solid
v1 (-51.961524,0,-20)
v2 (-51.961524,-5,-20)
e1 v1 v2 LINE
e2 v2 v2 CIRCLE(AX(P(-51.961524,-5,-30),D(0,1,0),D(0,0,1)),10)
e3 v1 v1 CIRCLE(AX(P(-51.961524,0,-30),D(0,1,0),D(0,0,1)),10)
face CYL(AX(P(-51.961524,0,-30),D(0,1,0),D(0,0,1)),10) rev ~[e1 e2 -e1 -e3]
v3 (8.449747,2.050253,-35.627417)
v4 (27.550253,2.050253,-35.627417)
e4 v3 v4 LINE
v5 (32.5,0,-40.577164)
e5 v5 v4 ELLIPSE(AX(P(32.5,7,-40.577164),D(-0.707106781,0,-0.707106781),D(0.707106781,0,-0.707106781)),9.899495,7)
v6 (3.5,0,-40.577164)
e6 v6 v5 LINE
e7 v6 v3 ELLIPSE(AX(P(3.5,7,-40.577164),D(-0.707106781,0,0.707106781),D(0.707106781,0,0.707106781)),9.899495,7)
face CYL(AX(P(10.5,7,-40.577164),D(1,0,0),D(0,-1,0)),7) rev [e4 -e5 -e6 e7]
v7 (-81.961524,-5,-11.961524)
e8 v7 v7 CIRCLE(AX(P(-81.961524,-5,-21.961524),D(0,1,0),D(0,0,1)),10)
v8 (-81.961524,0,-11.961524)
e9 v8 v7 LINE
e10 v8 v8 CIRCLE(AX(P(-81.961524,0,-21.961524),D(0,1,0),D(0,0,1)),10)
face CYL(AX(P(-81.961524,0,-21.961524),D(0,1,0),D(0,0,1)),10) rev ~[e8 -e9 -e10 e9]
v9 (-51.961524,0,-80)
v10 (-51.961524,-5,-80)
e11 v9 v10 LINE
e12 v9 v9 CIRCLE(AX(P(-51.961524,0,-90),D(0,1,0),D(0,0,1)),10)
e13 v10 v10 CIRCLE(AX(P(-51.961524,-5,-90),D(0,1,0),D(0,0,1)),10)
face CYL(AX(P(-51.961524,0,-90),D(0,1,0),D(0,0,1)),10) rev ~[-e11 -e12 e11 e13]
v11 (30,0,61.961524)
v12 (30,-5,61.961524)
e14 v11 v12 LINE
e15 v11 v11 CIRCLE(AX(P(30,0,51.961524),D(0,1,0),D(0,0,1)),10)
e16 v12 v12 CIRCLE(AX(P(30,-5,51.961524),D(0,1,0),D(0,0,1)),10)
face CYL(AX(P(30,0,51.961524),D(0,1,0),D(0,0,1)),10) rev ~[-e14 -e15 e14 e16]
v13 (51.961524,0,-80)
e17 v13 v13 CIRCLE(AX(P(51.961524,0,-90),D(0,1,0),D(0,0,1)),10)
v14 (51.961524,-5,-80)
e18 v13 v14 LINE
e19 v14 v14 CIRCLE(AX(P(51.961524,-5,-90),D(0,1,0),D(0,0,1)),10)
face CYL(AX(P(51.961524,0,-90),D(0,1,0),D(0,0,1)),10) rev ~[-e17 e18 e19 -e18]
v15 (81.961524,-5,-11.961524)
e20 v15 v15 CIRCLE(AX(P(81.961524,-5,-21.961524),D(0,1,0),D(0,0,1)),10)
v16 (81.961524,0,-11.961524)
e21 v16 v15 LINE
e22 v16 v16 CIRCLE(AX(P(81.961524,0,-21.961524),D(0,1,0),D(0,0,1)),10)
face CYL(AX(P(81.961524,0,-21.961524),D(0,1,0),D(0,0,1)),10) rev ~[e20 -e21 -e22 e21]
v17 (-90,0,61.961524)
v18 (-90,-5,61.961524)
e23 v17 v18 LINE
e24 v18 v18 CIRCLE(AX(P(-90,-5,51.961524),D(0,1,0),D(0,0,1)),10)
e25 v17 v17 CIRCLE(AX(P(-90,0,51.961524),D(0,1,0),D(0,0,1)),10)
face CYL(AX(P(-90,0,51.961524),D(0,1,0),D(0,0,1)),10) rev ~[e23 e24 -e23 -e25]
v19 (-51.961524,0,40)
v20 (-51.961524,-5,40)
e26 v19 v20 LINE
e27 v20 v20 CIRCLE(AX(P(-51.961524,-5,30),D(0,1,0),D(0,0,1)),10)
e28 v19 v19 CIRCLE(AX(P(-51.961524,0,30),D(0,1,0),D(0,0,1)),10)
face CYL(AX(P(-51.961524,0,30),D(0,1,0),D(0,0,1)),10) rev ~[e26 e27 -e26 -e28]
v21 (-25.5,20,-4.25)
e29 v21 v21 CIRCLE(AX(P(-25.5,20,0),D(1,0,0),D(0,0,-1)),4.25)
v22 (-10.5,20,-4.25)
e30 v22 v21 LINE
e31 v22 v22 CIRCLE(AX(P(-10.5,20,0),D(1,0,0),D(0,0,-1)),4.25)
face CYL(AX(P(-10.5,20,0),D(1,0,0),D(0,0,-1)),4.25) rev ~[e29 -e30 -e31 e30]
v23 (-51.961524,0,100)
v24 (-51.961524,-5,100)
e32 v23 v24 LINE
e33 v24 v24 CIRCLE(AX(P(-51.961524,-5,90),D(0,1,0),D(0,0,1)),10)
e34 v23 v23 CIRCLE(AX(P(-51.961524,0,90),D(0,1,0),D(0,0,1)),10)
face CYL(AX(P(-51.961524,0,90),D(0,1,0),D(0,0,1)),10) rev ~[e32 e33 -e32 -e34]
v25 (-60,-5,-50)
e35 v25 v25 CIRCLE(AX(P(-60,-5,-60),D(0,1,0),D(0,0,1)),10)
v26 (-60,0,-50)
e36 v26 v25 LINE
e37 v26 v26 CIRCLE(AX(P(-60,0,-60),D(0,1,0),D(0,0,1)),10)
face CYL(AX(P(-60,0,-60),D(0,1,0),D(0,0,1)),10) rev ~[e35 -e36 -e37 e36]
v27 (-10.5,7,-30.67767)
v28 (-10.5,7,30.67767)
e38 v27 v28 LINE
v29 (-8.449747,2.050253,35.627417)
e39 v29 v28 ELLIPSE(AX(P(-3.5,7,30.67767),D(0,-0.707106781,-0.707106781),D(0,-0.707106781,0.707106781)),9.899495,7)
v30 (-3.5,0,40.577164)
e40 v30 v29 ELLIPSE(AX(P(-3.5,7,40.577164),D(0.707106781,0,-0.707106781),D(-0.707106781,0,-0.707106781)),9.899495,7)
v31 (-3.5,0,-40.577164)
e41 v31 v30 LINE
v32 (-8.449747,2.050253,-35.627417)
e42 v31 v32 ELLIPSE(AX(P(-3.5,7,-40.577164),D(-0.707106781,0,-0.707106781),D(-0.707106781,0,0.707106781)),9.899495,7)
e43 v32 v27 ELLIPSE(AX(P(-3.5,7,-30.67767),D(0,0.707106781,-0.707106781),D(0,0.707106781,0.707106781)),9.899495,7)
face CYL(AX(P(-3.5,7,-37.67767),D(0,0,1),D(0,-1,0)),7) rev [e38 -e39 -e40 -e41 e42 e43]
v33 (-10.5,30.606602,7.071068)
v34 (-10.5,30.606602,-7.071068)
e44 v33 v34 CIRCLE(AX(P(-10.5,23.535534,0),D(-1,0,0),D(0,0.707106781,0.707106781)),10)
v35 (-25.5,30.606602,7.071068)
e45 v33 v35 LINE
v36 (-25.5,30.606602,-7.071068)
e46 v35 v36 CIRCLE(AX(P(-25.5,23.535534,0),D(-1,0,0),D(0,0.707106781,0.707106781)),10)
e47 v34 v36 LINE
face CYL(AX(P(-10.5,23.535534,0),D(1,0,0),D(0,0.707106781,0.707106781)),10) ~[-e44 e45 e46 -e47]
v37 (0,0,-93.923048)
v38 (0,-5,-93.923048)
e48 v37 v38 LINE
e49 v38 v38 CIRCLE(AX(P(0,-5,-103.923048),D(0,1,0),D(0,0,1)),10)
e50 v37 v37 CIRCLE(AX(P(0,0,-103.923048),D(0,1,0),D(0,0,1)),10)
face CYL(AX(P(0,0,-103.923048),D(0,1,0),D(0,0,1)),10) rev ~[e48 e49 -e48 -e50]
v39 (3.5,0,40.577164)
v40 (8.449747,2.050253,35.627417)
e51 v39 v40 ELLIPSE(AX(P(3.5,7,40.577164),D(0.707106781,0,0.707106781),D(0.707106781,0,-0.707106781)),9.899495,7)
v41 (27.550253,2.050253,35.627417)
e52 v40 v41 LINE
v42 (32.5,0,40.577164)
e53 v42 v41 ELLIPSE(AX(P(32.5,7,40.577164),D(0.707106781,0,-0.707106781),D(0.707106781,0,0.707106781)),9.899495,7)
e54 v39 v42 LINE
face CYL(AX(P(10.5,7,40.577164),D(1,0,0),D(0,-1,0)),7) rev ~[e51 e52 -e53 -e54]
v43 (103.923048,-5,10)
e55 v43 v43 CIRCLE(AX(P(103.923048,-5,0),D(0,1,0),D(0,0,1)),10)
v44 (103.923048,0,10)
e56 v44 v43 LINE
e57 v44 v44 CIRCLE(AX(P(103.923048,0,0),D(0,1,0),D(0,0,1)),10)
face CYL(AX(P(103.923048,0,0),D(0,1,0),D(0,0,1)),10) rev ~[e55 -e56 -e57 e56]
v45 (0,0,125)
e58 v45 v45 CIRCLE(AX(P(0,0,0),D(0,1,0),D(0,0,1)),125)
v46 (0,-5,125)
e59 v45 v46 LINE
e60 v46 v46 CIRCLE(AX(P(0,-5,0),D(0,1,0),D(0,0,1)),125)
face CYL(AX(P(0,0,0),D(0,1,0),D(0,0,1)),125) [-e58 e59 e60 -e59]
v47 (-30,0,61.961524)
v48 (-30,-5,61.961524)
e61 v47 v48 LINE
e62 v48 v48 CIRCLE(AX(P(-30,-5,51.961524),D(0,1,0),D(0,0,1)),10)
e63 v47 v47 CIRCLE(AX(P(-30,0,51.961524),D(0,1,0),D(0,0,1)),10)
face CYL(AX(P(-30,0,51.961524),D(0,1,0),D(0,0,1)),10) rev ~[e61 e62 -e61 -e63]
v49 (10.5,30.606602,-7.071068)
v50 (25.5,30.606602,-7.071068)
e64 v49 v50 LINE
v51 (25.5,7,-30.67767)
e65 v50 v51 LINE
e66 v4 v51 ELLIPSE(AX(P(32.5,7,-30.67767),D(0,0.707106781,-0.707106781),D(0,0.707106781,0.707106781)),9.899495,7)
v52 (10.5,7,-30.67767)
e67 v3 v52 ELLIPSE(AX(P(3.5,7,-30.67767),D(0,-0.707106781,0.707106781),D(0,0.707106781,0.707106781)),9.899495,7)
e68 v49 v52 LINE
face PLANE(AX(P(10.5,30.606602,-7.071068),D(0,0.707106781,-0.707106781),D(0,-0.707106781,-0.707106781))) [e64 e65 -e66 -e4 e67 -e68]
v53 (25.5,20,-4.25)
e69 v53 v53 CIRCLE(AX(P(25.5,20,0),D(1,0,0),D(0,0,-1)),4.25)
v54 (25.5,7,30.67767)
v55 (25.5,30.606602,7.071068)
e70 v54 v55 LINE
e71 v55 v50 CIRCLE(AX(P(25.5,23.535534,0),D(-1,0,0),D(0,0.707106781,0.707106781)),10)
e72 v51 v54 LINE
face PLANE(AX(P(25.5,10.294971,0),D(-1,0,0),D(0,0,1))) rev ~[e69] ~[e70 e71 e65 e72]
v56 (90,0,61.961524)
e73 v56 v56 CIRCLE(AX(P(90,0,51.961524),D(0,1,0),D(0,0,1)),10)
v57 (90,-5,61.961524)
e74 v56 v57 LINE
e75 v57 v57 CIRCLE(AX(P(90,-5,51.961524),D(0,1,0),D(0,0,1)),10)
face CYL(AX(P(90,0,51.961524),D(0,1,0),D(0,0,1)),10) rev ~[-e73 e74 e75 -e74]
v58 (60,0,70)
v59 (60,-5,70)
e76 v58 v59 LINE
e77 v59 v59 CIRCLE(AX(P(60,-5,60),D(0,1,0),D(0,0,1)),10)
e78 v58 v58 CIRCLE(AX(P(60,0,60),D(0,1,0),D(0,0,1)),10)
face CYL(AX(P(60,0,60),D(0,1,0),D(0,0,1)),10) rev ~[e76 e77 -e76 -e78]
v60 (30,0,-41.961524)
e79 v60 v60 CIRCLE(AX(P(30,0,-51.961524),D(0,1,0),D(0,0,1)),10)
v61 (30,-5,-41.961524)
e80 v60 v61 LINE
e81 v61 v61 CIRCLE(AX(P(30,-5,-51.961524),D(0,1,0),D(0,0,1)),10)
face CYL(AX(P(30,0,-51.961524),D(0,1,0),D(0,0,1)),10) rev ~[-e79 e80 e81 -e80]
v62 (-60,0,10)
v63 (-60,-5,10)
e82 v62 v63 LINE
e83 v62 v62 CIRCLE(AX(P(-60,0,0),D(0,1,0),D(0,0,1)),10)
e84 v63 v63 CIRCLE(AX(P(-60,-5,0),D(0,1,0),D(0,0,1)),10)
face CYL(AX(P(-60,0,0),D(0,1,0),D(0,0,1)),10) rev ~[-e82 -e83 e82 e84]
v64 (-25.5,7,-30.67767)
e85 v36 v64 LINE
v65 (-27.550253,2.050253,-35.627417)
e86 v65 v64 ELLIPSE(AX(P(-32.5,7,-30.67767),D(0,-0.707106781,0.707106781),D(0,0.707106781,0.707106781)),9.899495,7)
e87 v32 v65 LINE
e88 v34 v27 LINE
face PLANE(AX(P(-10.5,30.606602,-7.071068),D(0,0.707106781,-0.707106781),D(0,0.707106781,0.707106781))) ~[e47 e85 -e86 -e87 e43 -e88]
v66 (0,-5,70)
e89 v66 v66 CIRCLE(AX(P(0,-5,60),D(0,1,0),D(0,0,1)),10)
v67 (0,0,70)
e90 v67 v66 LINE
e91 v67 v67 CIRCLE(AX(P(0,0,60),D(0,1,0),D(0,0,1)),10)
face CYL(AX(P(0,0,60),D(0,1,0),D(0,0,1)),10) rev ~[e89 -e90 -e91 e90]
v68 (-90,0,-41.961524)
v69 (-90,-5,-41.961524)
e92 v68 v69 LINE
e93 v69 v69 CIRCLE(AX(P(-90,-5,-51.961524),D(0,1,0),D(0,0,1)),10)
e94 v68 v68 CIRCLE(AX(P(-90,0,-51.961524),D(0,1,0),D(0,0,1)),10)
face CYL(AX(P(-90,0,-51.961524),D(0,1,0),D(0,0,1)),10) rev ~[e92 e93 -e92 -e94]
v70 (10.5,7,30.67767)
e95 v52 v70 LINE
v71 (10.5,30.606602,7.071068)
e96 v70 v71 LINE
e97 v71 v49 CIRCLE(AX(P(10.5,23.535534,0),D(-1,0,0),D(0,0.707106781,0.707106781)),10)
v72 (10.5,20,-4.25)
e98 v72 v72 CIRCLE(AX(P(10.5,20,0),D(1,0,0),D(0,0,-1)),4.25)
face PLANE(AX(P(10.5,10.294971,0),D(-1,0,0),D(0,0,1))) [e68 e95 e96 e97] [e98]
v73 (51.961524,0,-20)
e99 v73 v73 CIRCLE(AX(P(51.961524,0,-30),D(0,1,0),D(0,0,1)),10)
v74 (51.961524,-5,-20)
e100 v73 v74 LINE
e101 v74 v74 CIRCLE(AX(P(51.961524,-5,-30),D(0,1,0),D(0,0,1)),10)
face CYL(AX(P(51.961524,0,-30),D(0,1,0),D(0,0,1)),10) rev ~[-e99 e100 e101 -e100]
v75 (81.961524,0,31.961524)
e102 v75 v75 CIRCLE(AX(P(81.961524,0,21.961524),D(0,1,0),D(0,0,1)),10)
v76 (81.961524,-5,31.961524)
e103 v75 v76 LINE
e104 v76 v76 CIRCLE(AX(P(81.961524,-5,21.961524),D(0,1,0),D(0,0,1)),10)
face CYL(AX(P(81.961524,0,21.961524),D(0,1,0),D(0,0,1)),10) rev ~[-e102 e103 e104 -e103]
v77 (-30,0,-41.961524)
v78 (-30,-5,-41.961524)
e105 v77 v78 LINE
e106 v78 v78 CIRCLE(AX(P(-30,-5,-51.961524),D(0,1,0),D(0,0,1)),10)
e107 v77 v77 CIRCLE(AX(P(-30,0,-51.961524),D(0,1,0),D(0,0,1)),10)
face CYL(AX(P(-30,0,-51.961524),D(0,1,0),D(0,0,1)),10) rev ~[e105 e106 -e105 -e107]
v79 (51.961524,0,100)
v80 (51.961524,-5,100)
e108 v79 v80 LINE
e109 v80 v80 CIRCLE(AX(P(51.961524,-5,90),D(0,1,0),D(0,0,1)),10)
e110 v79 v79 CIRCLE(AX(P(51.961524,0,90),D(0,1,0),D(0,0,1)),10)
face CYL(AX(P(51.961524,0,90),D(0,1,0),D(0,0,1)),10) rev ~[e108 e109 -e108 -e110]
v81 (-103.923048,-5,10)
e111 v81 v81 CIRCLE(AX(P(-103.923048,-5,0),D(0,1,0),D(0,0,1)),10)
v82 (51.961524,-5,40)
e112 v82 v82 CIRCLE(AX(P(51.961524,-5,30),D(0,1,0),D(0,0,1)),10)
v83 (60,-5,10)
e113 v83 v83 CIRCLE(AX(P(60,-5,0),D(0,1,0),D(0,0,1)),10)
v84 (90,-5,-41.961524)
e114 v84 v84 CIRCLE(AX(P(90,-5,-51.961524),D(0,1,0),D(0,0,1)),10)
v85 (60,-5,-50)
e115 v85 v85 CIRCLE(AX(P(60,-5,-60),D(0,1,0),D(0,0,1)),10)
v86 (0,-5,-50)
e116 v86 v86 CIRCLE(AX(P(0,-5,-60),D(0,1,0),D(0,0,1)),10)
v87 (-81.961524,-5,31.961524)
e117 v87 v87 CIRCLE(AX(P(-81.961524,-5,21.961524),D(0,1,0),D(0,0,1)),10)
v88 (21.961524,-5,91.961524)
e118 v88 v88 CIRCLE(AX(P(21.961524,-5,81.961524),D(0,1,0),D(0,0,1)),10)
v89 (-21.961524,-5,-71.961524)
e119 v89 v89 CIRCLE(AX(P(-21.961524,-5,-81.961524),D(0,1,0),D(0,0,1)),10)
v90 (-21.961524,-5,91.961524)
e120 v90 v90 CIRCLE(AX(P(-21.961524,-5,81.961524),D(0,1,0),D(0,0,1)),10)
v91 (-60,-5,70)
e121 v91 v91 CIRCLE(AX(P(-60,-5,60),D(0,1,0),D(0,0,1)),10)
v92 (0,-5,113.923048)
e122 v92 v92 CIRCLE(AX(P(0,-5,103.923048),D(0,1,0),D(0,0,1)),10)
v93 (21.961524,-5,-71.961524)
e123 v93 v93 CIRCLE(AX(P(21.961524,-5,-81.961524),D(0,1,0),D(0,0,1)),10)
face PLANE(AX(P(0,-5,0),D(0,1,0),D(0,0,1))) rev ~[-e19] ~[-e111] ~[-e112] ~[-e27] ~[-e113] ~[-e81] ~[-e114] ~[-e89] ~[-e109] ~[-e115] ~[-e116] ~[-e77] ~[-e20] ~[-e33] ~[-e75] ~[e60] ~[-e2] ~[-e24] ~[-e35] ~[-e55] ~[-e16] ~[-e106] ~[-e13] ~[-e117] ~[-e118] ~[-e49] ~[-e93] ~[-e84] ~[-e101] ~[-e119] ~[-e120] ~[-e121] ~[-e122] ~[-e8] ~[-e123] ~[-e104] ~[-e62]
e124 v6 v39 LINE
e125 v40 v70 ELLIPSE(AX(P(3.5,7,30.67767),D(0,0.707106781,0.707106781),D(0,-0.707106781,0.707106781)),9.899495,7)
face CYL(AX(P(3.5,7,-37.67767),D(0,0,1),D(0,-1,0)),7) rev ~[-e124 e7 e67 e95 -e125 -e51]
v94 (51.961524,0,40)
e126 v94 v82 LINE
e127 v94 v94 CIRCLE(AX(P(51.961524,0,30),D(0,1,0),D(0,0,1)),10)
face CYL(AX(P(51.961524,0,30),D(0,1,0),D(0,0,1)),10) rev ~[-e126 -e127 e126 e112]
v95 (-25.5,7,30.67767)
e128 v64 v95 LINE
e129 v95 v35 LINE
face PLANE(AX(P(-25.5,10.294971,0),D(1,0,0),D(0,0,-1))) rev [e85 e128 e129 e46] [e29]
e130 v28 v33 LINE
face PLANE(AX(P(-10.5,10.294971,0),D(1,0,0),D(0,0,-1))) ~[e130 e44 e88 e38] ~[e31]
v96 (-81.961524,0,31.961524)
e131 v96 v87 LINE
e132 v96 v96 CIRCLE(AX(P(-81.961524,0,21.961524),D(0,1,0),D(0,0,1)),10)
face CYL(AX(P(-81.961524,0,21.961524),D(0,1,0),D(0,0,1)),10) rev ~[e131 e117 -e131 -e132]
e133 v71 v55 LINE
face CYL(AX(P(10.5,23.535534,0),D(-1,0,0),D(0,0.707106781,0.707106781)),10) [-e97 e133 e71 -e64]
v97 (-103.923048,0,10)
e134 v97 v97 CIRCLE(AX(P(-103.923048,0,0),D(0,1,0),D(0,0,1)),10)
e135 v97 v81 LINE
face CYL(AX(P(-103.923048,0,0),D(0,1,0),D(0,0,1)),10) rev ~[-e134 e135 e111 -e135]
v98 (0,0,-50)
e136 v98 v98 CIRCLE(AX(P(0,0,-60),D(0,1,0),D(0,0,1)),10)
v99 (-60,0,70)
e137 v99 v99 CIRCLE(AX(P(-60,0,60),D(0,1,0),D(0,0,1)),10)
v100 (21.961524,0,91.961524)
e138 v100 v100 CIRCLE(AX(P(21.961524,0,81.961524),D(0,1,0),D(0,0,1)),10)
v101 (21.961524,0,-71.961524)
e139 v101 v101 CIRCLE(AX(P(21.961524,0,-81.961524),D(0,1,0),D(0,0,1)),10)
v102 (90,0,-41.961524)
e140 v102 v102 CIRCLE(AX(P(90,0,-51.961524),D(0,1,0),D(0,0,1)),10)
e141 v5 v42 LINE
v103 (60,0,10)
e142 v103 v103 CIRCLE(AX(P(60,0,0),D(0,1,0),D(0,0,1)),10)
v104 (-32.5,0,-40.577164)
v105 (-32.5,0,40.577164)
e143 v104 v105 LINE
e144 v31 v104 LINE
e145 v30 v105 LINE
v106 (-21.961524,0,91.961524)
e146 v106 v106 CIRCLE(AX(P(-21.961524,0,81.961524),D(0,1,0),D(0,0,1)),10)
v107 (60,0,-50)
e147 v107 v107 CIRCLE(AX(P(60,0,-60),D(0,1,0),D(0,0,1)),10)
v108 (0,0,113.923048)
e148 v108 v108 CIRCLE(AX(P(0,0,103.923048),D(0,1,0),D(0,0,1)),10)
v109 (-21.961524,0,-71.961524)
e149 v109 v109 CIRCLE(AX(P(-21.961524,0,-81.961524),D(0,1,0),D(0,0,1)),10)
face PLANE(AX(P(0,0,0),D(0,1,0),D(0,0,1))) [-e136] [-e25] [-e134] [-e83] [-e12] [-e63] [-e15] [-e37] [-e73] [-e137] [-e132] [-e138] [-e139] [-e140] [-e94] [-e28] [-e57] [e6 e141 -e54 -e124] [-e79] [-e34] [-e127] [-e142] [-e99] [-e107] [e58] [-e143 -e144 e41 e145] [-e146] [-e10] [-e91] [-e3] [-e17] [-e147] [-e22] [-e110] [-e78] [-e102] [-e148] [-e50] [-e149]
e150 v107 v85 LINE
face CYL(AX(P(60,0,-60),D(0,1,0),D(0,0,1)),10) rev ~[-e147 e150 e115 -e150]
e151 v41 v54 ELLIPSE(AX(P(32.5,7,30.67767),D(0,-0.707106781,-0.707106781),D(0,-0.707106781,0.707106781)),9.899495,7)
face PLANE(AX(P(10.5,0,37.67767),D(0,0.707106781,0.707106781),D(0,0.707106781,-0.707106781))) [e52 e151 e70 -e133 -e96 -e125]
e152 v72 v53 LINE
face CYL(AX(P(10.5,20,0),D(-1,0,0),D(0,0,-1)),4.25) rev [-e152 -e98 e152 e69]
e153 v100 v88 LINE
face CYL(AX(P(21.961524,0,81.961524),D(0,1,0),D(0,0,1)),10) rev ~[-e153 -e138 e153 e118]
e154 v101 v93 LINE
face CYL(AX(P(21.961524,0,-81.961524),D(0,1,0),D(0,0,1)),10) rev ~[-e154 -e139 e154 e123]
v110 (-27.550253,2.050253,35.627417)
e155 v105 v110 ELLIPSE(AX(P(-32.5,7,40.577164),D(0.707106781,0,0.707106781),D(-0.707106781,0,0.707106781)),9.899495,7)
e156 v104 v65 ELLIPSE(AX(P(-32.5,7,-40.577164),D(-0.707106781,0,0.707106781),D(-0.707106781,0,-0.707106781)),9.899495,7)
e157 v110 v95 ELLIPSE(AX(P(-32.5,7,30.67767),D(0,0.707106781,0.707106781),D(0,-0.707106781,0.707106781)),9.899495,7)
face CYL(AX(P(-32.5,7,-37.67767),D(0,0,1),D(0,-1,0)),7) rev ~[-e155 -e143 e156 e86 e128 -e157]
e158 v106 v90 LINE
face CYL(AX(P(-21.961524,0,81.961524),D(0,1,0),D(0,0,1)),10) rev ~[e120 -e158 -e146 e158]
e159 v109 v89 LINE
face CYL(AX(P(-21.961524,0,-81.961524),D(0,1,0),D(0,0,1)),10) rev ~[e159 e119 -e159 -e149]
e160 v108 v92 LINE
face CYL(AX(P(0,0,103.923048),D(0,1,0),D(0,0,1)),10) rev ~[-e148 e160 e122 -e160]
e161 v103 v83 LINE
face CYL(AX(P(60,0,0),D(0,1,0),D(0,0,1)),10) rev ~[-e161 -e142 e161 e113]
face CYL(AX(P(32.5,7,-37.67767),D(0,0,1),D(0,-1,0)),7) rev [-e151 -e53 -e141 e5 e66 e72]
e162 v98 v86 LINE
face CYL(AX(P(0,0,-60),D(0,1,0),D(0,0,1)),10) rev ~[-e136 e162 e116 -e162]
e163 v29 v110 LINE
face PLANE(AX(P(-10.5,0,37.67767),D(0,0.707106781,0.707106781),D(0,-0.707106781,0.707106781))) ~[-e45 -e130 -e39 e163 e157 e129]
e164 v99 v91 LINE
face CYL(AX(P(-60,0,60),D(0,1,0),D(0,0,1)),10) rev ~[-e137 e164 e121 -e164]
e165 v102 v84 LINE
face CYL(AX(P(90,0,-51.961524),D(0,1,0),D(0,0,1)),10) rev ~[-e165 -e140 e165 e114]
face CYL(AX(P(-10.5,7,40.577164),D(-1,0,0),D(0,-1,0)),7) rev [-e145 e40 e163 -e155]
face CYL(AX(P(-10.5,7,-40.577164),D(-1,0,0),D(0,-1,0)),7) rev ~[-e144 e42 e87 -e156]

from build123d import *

# Parameters (mm, degrees)
SKETCH1_R            = 125
BOSS_EXTRUDE1_DEPTH  = 5
SKETCH4_R            = 4.25
BOSS_EXTRUDE2_DEPTH  = 15
FILLET1_R            = 7
FILLET1_OF_MIRROR1_R = 7
SKETCH5_R            = 10
CUT_EXTRUDE1_DEPTH   = 15


with BuildPart() as part:
    # Sketch1 → Boss-Extrude1 (new body)
    with BuildSketch(Plane(origin=(0, 0, 0), x_dir=(1, 0, 0), z_dir=(0, 1, 0))):
        with Locations(Location((0, 0, 0), (0, 0, 270))):
            Circle(SKETCH1_R)
    extrude(amount=-BOSS_EXTRUDE1_DEPTH)

    # Sketch4 → Boss-Extrude2 (add)
    with BuildSketch(Plane(origin=(10.5, 0, 0), x_dir=(0, 0, -1), z_dir=(1, 0, 0))):
        with BuildLine():
            Line((37.67766953, 0), (-37.67766953, 0))
            Line((-37.67766953, 0), (-7.071067812, 30.606601718))
            ThreePointArc((-7.071067812, 30.606601718), (0, 33.535533906), (7.071067812, 30.606601718))
            Line((7.071067812, 30.606601718), (37.67766953, 0))
        make_face()
        with Locations((0, 20)):
            Circle(SKETCH4_R, mode=Mode.SUBTRACT)
    boss_extrude2 = extrude(amount=BOSS_EXTRUDE2_DEPTH)

    # Fillet1
    fillet1_edges = [part.edges().sort_by_distance(p)[0] for p in [
        (18, 0, 37.67766953),
        (18, 0, -37.67766953),
        (25.5, 0, 0),
        (10.5, 0, 0),
    ]]
    fillet(fillet1_edges, radius=FILLET1_R)

    # Mirror1: Boss-Extrude2 across plane
    add(boss_extrude2.mirror(Plane(origin=(0, 0, 0), x_dir=(0, 0, 1), z_dir=(1, 0, 0))))

    # Fillet1 of Mirror1
    fillet1_of_mirror1_edges = [part.edges().sort_by_distance(p)[0] for p in [
        (-18, 0, 37.67766953),
        (-18, 0, -37.67766953),
        (-25.5, 0, 0),
        (-10.5, 0, 0),
    ]]
    fillet(fillet1_of_mirror1_edges, radius=FILLET1_OF_MIRROR1_R)

    # Sketch5 → Cut-Extrude1 (cut)
    with BuildSketch(Plane(origin=(0, 0, 0), x_dir=(1, 0, 0), z_dir=(0, 1, 0))):
        with Locations(Location((-60, 0, 0), (0, 0, 270))):
            Circle(SKETCH5_R)
        with Locations(Location((-51.961524227, 30, 0), (0, 0, 270))):
            Circle(SKETCH5_R)
        with Locations(Location((-30, 51.961524227, 0), (0, 0, 270))):
            Circle(SKETCH5_R)
        with Locations(Location((0, 60, 0), (0, 0, 270))):
            Circle(SKETCH5_R)
        with Locations(Location((30, 51.961524227, 0), (0, 0, 270))):
            Circle(SKETCH5_R)
        with Locations(Location((51.961524227, 30, 0), (0, 0, 270))):
            Circle(SKETCH5_R)
        with Locations(Location((60, 0, 0), (0, 0, 270))):
            Circle(SKETCH5_R)
        with Locations(Location((51.961524227, -30, 0), (0, 0, 270))):
            Circle(SKETCH5_R)
        with Locations(Location((30, -51.961524227, 0), (0, 0, 270))):
            Circle(SKETCH5_R)
        with Locations(Location((0, -60, 0), (0, 0, 270))):
            Circle(SKETCH5_R)
        with Locations(Location((-30, -51.961524227, 0), (0, 0, 270))):
            Circle(SKETCH5_R)
        with Locations(Location((-51.961524227, -30, 0), (0, 0, 270))):
            Circle(SKETCH5_R)
        with Locations(Location((-81.961524227, 21.961524227, 0), (0, 0, 270))):
            Circle(SKETCH5_R)
        with Locations(Location((-60, 60, 0), (0, 0, 270))):
            Circle(SKETCH5_R)
        with Locations(Location((-21.961524227, 81.961524227, 0), (0, 0, 270))):
            Circle(SKETCH5_R)
        with Locations(Location((21.961524227, 81.961524227, 0), (0, 0, 270))):
            Circle(SKETCH5_R)
        with Locations(Location((60, 60, 0), (0, 0, 270))):
            Circle(SKETCH5_R)
        with Locations(Location((81.961524227, 21.961524227, 0), (0, 0, 270))):
            Circle(SKETCH5_R)
        with Locations(Location((81.961524227, -21.961524227, 0), (0, 0, 270))):
            Circle(SKETCH5_R)
        with Locations(Location((60, -60, 0), (0, 0, 270))):
            Circle(SKETCH5_R)
        with Locations(Location((21.961524227, -81.961524227, 0), (0, 0, 270))):
            Circle(SKETCH5_R)
        with Locations(Location((-21.961524227, -81.961524227, 0), (0, 0, 270))):
            Circle(SKETCH5_R)
        with Locations(Location((-60, -60, 0), (0, 0, 270))):
            Circle(SKETCH5_R)
        with Locations(Location((-81.961524227, -21.961524227, 0), (0, 0, 270))):
            Circle(SKETCH5_R)
        with Locations(Location((-103.923048454, 0, 0), (0, 0, 270))):
            Circle(SKETCH5_R)
        with Locations(Location((-90, 51.961524227, 0), (0, 0, 270))):
            Circle(SKETCH5_R)
        with Locations(Location((-51.961524227, 90, 0), (0, 0, 270))):
            Circle(SKETCH5_R)
        with Locations(Location((0, 103.923048454, 0), (0, 0, 270))):
            Circle(SKETCH5_R)
        with Locations(Location((51.961524227, 90, 0), (0, 0, 270))):
            Circle(SKETCH5_R)
        with Locations(Location((90, 51.961524227, 0), (0, 0, 270))):
            Circle(SKETCH5_R)
        with Locations(Location((103.923048454, 0, 0), (0, 0, 270))):
            Circle(SKETCH5_R)
        with Locations(Location((90, -51.961524227, 0), (0, 0, 270))):
            Circle(SKETCH5_R)
        with Locations(Location((51.961524227, -90, 0), (0, 0, 270))):
            Circle(SKETCH5_R)
        with Locations(Location((0, -103.923048454, 0), (0, 0, 270))):
            Circle(SKETCH5_R)
        with Locations(Location((-51.961524227, -90, 0), (0, 0, 270))):
            Circle(SKETCH5_R)
        with Locations(Location((-90, -51.961524227, 0), (0, 0, 270))):
            Circle(SKETCH5_R)
    extrude(amount=-CUT_EXTRUDE1_DEPTH, mode=Mode.SUBTRACT)


solid = part.part
